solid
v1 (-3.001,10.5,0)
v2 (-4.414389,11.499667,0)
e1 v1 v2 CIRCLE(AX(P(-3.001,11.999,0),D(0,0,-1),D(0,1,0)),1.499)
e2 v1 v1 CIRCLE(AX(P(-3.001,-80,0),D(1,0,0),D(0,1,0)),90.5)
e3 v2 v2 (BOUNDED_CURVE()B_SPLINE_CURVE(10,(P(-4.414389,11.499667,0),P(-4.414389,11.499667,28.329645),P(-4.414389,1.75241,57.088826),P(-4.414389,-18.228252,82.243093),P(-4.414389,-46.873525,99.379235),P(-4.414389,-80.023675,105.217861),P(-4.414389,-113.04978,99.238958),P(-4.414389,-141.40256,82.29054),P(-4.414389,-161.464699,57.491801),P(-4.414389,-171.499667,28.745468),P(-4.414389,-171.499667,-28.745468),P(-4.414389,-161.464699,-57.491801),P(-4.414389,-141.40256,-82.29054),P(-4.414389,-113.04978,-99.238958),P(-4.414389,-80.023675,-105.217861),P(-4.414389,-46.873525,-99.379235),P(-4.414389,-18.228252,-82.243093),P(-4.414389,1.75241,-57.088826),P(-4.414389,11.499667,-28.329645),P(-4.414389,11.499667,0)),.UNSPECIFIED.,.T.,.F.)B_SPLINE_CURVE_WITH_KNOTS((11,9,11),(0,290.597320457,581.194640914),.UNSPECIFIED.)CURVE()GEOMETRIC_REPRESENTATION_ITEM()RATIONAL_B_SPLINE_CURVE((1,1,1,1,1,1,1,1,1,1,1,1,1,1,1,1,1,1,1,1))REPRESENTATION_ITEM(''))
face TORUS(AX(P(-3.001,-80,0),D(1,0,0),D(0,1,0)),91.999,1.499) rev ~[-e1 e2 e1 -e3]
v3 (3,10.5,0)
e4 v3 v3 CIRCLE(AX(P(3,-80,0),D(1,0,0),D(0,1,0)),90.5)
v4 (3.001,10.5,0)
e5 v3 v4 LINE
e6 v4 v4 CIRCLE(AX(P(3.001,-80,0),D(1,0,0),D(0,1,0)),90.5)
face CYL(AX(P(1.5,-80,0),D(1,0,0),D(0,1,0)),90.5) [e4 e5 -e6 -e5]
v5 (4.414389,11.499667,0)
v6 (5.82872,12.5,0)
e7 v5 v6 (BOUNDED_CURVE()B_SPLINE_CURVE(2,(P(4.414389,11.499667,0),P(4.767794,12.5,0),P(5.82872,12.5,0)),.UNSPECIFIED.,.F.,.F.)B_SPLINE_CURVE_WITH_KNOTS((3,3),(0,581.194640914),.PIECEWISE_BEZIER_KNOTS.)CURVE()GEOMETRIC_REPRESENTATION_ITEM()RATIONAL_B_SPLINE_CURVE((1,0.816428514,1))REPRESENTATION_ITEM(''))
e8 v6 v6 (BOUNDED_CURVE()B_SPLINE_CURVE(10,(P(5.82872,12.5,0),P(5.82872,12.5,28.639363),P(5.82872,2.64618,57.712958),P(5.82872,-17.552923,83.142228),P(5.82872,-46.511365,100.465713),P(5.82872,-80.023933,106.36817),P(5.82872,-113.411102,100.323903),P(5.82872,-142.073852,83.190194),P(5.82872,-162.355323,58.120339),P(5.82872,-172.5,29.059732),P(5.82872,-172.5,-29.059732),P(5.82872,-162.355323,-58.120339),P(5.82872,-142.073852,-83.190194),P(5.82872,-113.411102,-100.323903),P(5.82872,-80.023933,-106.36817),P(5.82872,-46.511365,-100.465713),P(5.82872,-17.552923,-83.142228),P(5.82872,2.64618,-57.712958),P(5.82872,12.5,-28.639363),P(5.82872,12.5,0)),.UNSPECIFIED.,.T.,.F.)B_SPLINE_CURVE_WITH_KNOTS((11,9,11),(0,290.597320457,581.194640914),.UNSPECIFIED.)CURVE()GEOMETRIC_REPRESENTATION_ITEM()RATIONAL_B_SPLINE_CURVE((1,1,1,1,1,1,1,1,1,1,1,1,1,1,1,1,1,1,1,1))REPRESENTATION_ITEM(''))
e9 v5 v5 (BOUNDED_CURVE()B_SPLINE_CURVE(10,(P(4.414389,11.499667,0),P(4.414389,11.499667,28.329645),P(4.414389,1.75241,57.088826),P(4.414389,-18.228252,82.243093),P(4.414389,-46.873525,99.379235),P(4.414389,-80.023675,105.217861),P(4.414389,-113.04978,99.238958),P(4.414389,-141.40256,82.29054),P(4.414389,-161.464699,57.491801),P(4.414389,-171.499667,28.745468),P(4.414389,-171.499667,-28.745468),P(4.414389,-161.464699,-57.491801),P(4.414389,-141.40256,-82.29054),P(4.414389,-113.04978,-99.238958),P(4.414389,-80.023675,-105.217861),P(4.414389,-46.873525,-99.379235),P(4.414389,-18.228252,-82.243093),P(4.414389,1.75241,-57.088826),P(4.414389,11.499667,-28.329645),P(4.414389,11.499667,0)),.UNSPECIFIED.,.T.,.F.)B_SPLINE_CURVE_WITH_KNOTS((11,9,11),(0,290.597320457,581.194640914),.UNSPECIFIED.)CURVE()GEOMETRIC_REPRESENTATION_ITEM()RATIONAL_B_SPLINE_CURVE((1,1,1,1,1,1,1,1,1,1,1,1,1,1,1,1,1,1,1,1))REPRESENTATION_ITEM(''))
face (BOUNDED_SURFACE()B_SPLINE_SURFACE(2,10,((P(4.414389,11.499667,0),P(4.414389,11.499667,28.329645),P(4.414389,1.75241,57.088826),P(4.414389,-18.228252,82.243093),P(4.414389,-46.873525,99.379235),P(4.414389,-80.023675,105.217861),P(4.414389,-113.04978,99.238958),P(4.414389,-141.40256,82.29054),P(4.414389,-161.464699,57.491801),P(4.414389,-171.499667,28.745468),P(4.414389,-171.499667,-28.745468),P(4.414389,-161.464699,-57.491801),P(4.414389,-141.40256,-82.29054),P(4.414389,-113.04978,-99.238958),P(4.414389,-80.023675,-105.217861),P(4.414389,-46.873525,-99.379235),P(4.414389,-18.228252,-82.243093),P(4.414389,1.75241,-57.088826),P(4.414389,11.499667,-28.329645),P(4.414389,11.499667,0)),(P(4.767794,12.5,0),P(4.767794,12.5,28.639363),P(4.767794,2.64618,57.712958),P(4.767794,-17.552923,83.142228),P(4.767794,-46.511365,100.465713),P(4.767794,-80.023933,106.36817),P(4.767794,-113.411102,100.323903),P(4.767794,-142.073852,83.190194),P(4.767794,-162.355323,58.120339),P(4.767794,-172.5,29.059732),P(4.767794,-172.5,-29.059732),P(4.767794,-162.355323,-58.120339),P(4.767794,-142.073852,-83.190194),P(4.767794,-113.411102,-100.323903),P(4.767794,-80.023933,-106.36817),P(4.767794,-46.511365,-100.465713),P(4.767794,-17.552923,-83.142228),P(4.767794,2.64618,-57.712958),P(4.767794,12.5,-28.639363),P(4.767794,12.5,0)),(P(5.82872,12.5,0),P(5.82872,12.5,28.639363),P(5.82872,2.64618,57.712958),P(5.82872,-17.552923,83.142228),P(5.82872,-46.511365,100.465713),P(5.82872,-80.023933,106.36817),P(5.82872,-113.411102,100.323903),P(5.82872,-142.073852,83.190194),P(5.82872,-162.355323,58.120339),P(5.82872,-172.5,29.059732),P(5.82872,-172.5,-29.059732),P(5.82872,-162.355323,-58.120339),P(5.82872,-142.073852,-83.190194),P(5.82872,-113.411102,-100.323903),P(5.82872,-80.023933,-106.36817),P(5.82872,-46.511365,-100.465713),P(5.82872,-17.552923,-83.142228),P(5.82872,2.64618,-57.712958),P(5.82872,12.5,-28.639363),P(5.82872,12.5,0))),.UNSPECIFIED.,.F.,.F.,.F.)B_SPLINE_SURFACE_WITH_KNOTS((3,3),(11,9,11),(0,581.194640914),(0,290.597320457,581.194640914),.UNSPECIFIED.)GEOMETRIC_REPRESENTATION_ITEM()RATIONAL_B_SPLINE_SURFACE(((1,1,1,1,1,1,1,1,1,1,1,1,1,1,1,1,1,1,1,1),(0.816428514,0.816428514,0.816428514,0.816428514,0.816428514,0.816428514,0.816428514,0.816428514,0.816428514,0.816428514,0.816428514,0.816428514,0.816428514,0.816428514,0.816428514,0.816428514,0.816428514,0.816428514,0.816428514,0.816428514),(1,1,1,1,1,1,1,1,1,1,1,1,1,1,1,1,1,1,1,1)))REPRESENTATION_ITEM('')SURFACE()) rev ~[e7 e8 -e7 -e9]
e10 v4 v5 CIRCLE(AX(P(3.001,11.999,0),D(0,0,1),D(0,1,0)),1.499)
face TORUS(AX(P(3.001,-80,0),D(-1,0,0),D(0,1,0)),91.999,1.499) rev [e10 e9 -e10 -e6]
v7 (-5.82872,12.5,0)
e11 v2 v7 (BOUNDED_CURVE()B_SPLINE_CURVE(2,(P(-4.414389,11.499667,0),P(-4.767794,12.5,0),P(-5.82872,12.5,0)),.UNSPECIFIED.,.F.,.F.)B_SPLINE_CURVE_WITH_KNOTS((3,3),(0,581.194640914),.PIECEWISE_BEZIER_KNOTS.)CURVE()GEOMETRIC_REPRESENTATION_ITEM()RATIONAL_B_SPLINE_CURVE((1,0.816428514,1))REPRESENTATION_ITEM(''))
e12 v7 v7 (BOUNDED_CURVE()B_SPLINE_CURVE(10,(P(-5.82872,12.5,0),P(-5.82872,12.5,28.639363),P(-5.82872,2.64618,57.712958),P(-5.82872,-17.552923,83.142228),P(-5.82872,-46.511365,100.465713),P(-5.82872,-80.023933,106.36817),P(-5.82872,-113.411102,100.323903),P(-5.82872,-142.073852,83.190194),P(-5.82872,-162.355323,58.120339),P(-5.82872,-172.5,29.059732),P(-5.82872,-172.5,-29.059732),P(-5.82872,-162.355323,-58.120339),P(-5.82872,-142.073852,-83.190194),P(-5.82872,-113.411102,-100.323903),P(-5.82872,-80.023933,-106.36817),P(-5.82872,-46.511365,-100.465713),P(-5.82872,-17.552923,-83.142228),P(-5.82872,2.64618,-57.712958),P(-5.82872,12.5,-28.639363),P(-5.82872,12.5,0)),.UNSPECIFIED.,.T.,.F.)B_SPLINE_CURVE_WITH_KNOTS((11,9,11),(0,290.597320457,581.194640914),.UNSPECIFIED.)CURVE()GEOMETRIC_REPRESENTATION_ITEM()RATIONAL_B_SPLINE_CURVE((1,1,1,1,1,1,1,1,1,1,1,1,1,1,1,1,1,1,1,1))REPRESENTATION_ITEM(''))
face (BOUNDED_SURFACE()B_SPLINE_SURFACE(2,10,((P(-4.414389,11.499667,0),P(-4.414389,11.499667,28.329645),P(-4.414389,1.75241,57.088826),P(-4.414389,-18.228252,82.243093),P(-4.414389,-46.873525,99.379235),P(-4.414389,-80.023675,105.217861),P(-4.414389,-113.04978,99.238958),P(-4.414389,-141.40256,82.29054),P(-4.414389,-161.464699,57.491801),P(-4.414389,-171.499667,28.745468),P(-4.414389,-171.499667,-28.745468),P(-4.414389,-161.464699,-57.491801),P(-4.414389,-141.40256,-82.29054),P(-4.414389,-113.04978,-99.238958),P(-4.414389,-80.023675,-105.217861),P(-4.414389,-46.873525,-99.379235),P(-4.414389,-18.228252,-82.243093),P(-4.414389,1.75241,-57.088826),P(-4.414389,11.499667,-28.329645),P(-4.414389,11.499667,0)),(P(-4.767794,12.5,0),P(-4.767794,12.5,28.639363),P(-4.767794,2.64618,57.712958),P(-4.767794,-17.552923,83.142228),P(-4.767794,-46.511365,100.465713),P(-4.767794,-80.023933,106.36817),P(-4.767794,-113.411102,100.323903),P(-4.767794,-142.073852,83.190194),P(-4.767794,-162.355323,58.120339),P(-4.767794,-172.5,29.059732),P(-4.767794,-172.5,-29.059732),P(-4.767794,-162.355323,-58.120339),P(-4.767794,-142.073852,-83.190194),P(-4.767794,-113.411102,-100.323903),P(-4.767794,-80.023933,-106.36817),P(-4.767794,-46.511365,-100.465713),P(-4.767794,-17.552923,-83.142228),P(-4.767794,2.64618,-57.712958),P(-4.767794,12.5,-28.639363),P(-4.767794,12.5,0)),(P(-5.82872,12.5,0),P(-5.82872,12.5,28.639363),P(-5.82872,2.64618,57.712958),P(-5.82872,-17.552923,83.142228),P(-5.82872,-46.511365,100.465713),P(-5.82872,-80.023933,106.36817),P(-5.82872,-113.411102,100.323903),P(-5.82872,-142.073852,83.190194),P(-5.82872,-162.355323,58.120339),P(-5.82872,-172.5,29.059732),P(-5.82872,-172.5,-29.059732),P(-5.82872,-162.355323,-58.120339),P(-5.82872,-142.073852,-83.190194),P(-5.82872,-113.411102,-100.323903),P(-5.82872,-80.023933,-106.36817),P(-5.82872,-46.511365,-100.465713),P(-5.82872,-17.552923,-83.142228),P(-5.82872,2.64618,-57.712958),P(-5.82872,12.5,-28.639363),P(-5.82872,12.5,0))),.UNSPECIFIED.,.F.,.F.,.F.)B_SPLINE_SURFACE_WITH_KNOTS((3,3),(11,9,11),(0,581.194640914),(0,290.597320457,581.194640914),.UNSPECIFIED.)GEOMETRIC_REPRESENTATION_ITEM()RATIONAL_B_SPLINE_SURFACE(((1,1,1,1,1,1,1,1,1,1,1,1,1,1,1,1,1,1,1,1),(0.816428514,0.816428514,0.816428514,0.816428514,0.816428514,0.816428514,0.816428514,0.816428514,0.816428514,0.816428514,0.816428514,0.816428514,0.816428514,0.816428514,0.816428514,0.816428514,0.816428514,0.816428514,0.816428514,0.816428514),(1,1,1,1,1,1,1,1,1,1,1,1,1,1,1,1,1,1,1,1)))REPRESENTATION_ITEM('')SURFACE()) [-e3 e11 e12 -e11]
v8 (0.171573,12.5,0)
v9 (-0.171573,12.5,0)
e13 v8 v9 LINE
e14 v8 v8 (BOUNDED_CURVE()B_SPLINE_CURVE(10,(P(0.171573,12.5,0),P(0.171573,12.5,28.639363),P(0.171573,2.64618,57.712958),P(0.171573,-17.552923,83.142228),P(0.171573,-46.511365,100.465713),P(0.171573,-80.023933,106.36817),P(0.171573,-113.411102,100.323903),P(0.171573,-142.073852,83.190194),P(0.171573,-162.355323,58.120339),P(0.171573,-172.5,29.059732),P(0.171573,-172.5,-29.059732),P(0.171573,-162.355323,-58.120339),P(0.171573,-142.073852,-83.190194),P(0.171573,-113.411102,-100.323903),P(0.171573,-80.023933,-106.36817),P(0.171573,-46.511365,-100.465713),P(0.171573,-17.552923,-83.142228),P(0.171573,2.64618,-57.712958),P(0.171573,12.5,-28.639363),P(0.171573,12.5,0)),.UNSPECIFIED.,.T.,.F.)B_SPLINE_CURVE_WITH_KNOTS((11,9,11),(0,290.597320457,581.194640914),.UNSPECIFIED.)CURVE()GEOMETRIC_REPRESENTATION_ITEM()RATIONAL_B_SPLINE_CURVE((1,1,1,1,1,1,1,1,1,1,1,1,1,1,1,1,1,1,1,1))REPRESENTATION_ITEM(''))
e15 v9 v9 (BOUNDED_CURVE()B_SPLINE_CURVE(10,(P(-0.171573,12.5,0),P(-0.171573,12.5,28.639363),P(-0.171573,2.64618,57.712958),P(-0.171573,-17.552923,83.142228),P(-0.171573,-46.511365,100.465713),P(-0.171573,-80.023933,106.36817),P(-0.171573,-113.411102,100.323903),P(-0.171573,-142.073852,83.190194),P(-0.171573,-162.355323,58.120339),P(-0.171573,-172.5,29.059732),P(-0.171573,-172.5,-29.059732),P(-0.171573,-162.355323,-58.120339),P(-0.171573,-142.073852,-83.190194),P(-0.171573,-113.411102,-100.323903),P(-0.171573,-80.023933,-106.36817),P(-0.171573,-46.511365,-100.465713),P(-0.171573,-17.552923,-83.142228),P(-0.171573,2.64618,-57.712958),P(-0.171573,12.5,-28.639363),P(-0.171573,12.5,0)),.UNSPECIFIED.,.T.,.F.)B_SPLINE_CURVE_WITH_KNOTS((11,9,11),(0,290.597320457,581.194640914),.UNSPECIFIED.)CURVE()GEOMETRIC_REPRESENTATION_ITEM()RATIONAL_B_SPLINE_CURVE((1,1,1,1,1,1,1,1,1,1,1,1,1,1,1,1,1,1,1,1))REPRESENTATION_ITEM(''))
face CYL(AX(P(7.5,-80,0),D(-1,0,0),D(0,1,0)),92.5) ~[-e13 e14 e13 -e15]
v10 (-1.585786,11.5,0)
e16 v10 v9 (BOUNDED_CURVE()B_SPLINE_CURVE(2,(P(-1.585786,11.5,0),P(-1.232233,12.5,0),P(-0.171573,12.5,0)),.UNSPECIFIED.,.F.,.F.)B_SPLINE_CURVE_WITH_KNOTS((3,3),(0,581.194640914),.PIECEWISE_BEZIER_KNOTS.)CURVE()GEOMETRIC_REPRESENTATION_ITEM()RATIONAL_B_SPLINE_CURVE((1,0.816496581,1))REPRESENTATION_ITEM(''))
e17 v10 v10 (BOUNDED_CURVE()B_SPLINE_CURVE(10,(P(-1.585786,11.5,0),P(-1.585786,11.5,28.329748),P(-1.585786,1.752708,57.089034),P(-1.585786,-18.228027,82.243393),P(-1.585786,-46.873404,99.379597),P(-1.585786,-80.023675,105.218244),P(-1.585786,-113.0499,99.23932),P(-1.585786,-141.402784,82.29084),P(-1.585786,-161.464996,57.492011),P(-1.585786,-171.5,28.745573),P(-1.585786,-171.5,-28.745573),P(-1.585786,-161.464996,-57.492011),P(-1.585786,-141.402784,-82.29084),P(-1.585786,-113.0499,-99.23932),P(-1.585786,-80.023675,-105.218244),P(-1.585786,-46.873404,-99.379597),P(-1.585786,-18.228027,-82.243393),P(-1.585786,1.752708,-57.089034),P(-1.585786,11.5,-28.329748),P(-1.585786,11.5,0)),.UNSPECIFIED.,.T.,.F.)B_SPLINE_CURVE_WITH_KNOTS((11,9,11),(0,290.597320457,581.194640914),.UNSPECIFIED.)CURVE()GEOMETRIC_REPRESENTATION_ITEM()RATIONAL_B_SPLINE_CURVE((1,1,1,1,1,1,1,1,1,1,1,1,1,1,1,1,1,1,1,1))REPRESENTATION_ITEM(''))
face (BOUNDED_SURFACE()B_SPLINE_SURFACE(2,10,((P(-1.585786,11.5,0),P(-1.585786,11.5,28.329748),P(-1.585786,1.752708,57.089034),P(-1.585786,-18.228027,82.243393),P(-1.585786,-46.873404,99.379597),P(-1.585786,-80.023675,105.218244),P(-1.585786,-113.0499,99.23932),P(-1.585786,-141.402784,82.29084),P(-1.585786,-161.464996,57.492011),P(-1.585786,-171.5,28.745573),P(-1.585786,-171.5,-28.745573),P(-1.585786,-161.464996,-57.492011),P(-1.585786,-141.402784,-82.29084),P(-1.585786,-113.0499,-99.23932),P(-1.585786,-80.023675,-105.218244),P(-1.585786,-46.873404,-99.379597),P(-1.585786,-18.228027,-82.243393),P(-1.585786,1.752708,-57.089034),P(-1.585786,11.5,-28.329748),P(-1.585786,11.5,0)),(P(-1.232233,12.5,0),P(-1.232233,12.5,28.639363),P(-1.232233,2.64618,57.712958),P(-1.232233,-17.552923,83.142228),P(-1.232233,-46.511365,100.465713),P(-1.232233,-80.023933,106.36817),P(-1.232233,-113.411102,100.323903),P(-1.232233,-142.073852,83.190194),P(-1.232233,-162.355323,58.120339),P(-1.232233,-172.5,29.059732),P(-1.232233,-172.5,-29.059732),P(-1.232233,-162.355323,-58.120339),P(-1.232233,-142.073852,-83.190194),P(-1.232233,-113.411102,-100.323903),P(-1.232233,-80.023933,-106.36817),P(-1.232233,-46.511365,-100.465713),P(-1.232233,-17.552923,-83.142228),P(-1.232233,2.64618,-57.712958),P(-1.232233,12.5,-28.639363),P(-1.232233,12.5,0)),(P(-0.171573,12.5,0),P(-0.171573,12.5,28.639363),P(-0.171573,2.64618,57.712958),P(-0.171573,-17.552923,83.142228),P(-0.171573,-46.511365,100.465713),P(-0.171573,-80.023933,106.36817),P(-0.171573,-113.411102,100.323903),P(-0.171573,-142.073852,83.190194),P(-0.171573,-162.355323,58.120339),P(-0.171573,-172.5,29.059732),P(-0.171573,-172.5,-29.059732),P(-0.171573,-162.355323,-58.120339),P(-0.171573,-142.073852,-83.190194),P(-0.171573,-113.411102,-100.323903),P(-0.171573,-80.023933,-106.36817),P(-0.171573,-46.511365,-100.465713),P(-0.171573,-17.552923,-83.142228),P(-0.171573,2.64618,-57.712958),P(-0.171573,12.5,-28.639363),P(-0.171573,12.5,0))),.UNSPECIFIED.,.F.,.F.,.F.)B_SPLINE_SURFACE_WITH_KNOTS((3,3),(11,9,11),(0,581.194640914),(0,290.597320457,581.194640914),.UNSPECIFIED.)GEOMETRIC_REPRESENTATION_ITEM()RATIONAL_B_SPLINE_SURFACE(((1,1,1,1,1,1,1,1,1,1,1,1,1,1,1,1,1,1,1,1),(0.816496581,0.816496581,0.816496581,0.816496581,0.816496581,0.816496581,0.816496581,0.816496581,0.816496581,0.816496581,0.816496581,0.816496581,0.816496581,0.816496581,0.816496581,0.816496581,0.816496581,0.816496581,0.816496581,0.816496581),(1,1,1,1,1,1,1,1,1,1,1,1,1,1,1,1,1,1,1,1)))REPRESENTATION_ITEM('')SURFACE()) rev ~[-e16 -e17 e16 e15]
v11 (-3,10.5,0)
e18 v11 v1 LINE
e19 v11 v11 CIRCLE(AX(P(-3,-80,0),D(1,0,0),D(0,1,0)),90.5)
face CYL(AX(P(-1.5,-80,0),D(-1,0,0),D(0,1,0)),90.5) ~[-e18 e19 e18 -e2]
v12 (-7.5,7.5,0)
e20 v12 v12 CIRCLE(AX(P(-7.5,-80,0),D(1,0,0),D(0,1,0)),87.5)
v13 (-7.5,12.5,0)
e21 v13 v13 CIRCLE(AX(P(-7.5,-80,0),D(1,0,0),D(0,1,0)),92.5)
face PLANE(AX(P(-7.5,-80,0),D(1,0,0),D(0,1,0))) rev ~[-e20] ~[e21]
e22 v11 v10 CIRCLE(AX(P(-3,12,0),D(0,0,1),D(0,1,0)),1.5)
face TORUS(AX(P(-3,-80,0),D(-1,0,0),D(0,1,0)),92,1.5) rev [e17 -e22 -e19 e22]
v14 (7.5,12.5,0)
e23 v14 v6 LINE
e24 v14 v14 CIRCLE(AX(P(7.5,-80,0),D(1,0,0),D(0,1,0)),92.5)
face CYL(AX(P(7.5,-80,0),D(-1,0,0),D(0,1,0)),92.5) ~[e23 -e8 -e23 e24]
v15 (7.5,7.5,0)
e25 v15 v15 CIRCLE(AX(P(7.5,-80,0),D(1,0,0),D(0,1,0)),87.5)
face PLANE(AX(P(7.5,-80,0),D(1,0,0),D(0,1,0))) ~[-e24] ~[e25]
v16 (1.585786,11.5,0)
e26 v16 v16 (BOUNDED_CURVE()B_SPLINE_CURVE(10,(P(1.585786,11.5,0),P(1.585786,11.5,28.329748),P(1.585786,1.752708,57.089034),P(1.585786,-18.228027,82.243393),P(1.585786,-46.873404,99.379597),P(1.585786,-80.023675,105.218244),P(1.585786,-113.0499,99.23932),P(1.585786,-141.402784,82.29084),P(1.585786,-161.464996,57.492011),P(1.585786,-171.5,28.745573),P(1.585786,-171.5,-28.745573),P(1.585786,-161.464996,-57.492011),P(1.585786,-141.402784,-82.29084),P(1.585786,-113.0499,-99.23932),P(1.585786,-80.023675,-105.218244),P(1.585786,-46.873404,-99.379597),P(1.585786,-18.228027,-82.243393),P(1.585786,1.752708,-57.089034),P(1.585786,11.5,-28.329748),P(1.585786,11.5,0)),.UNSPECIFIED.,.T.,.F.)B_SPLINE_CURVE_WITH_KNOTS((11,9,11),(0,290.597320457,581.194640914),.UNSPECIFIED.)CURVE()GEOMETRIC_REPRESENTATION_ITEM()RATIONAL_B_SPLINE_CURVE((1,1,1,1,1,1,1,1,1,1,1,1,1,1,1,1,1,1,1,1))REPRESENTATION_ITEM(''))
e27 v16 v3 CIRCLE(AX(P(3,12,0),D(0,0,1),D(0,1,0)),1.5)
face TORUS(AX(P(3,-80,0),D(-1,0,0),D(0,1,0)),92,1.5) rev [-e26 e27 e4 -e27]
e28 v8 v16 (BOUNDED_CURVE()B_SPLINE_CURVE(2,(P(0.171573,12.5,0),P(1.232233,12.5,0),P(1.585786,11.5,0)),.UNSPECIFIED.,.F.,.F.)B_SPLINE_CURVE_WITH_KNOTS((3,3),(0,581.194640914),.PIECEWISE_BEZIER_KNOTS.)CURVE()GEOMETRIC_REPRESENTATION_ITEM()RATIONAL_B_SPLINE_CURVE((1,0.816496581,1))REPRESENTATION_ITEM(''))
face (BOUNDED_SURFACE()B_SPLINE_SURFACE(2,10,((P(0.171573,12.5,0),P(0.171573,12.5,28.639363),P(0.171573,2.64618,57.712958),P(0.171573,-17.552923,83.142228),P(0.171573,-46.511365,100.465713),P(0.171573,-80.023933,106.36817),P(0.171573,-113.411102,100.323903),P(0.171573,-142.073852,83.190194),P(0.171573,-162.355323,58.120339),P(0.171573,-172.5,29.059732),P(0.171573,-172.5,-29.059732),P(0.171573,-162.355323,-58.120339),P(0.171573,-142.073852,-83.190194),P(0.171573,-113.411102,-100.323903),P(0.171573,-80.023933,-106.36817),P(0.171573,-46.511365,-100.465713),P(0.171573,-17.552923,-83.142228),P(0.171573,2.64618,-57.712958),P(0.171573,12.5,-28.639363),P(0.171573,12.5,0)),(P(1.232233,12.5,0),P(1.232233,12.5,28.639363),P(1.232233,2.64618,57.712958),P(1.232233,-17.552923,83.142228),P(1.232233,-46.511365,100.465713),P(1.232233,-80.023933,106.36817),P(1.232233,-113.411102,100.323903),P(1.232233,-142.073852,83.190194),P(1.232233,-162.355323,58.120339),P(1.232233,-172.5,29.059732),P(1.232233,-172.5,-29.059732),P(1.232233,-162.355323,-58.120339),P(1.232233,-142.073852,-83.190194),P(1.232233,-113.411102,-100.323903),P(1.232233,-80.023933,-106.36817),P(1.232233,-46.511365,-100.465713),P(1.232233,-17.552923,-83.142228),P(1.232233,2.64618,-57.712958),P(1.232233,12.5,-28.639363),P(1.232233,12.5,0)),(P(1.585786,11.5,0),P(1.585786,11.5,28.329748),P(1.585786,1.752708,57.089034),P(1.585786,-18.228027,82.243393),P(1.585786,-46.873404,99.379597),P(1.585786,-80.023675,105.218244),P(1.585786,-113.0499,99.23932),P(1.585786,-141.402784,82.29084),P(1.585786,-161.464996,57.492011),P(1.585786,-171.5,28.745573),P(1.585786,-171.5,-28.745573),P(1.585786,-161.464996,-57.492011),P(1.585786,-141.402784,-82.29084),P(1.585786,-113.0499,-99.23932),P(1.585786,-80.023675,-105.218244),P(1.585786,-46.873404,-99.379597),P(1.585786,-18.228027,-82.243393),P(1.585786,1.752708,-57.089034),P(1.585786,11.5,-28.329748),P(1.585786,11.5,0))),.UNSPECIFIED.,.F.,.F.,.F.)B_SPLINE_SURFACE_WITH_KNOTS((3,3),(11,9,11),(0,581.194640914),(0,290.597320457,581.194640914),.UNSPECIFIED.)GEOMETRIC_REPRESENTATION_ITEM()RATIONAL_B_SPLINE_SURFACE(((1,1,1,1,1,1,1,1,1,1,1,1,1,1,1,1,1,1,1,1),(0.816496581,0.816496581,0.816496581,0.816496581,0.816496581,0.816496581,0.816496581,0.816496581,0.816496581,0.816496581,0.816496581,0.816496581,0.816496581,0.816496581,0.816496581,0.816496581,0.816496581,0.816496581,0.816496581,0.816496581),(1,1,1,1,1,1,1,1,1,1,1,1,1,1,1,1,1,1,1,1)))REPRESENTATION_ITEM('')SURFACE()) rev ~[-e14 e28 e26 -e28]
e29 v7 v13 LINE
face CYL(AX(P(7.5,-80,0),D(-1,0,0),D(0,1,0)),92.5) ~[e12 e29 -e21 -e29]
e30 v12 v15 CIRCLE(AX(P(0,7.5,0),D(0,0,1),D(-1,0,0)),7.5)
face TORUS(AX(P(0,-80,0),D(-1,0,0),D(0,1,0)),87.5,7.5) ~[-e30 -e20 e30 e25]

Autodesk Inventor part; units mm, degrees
ref_plane "YZ Plane" through (0, 0, 0) normal (1, 0, 0) x (0, 1, 0)
ref_plane "XZ Plane" through (0, 0, 0) normal (0, 1, 0) x (-1, 0, 0)
ref_plane "XY Plane" through (0, 0, 0) normal (0, 0, 1) x (1, 0, 0)
sketch "Sketch3" plane through (0, 0, 0) normal (0, 0, 1) x (1, 0, 0)
  arc A0 (-7.5, 7.5) -> (7.5, 7.5) centre (0, 7.5) ccw
  line L0 (0, -80) -> (50, -80)
  line L1 (0, -80) -> (50, -80) construction
  line L2 (-7.5, 7.5) -> (7.5, 7.5)
  line L3 (7.5, 7.5) -> (7.5, 12.5)
  line L4 (7.5, 12.5) -> (-7.5, 12.5)
  line L5 (-7.5, 12.5) -> (-7.5, 7.5)
  line L6 (-4.5, 12.5) -> (-1.5, 12.5)
  line L7 (-1.5, 12.5) -> (-1.5, 10.5)
  line L8 (-1.5, 10.5) -> (-4.5, 10.5)
  line L9 (-4.5, 10.5) -> (-4.5, 12.5)
  line L10 (1.5, 10.5) -> (4.5, 10.5)
  line L11 (4.5, 10.5) -> (4.5, 12.5)
  line L12 (4.5, 12.5) -> (1.5, 12.5)
  line L13 (1.5, 12.5) -> (1.5, 10.5)
  point P0 (0, 0)
  point P1 (7.5, 7.5)
  dimension "d34" = 0
  dimension "d51" = 5
  dimension "d52" = 3
  dimension "d53" = 2
  dimension "d54" = 3
  dimension "d55" = 2
revolve "Revolution2" add sketch "Sketch3" angle 360 about axis through (0, -80, 0) along (1, 0, 0) contours L2 A0 | L5 L4 L9 L8 L7 L13 L10 L11 L3 L2
fillet "Fillet1" radius 1.5 8 edges at (-1.5, -170.5, 0) (1.5, -170.5, 0) (4.5, -170.5, 0) (-4.5, -170.5, 0) (-4.5, -172.5, 0) (-1.5, -172.5, 0) (1.5, -172.5, 0) (4.5, -172.5, 0)
properties part number "TPU Tire"
